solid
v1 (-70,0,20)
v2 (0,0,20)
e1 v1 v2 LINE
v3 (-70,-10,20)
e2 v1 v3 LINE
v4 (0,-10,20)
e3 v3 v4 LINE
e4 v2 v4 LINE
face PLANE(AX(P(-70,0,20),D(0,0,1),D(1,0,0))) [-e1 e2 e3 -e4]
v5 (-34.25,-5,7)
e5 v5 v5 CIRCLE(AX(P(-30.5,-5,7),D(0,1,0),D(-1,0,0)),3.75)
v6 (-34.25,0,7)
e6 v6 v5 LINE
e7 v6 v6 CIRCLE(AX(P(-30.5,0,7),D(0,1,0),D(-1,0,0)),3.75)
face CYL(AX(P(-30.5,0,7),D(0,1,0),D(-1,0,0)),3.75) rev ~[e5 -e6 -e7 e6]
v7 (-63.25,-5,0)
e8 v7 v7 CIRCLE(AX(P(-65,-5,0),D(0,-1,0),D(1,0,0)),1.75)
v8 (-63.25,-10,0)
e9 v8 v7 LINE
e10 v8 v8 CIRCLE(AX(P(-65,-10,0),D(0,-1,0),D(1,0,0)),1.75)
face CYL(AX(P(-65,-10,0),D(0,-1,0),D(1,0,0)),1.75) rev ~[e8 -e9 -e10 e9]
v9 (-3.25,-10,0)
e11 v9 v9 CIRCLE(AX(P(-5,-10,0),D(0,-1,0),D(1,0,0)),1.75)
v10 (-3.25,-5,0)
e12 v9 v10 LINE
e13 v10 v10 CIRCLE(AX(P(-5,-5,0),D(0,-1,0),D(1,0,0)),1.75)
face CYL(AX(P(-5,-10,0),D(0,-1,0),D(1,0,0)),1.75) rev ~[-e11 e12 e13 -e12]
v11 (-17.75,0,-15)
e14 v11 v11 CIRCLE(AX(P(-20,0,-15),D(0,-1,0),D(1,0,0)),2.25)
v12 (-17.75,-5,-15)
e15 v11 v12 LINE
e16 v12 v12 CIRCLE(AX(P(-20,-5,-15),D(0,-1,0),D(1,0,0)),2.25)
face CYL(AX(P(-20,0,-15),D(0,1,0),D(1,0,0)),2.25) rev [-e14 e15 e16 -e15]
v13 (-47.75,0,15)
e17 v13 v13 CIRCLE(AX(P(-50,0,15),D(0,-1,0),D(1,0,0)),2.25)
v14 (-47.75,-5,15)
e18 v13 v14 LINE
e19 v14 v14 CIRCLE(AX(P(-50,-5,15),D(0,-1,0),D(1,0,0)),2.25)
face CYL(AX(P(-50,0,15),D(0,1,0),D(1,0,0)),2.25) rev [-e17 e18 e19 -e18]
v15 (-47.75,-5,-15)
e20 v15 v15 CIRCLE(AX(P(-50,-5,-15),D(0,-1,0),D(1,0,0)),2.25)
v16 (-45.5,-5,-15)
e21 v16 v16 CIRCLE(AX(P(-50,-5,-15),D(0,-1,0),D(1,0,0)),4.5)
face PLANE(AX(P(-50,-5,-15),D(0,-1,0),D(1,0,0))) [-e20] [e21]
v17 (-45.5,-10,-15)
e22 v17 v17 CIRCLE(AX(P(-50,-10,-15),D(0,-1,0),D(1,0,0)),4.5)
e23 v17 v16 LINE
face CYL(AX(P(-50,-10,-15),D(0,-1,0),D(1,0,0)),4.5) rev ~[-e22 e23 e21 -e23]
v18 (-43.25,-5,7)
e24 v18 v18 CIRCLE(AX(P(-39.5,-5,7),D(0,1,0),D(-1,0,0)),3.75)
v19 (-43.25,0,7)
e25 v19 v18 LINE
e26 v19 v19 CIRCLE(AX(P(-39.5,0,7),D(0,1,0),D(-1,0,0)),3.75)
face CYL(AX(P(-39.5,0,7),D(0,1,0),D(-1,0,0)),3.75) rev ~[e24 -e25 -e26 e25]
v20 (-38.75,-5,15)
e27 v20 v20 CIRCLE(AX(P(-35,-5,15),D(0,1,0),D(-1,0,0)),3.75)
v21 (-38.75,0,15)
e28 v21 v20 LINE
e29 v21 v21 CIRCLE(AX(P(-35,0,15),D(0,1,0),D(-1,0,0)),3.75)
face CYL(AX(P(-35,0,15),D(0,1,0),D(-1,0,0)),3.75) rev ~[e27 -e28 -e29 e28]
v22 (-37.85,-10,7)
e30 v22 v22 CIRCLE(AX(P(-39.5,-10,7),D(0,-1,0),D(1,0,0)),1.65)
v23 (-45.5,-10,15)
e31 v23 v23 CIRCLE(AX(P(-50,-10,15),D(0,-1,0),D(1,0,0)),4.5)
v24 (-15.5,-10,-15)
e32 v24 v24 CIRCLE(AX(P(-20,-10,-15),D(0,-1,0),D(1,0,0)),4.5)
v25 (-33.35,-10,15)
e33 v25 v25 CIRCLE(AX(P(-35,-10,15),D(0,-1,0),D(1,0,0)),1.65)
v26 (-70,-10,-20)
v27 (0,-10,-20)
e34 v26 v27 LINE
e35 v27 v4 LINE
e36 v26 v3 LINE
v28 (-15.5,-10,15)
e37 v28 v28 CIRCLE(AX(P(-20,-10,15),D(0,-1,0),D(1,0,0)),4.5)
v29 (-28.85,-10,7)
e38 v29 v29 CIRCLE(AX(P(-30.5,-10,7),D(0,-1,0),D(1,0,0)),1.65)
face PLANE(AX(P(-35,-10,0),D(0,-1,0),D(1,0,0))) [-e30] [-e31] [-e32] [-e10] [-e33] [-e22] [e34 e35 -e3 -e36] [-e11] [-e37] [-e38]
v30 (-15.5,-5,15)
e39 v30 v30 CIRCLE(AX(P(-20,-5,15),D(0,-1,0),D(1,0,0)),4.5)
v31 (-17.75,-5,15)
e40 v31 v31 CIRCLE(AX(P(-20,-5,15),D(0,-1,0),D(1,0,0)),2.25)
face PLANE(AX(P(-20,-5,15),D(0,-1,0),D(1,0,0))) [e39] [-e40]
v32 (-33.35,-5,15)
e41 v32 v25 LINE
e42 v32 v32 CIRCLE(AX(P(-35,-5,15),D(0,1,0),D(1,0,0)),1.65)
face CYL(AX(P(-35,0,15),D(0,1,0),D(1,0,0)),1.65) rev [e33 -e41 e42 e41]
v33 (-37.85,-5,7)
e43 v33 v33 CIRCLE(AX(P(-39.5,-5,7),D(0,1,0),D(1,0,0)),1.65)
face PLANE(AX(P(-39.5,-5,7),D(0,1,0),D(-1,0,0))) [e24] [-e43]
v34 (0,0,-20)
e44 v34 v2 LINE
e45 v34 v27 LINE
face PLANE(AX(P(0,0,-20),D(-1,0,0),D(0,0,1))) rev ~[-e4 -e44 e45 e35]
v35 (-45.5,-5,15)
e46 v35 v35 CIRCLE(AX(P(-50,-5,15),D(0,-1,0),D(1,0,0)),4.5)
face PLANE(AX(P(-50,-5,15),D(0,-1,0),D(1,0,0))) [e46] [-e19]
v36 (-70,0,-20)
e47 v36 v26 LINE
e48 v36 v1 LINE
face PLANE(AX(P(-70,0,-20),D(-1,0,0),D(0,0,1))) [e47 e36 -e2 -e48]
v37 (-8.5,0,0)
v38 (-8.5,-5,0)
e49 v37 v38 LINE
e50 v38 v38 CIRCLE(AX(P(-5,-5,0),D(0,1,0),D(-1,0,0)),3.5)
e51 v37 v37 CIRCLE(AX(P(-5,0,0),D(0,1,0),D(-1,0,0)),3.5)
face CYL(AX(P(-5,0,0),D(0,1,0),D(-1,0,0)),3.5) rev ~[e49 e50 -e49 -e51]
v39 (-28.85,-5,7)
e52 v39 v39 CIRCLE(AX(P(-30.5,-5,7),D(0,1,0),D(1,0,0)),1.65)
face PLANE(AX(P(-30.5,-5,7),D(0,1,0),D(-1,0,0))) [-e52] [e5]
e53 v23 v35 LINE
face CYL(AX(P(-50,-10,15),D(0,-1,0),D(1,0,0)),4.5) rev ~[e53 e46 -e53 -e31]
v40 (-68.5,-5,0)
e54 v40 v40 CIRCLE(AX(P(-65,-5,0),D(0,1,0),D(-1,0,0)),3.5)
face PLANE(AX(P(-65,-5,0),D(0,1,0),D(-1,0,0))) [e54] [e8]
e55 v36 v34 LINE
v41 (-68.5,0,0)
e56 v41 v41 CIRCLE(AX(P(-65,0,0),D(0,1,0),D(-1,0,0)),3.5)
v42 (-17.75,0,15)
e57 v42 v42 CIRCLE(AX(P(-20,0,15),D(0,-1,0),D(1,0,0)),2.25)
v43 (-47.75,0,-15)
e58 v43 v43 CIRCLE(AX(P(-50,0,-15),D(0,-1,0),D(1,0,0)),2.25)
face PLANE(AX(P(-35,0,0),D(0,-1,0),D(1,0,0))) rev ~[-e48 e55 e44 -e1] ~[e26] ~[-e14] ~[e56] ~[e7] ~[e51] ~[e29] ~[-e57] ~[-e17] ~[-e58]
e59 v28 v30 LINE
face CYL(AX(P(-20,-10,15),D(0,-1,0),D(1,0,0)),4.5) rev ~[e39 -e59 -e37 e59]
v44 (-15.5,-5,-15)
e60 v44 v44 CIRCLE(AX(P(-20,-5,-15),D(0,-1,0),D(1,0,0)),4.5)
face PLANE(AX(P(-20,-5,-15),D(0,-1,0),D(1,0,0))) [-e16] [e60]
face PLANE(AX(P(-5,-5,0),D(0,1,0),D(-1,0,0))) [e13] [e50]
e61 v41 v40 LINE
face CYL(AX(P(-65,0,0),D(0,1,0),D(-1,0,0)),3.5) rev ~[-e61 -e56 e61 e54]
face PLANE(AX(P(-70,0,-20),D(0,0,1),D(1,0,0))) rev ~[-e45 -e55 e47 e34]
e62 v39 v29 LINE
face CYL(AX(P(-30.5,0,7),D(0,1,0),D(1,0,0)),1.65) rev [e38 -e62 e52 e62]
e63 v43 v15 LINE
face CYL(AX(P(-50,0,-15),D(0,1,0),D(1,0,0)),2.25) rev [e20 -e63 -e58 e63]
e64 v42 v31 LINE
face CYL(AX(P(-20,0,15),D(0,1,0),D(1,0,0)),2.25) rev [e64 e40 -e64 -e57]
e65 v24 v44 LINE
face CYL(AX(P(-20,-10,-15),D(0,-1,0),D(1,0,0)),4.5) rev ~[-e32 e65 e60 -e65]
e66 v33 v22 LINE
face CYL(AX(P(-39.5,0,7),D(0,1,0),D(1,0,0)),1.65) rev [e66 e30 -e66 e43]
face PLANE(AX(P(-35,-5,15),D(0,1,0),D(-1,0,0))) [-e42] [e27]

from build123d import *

# Parameters (mm, degrees)
F0_W     = 70
F0_H     = 40
F0_R     = 2.25
F0_R_2   = 1.65
F1_DEPTH = 10
F2_R     = 2.25
F2_R_2   = 4.5
F3_DEPTH = 5
F4_R     = 3.75
F5_DEPTH = 5
F6_R     = 1.75
F7_DEPTH = 25
F8_R     = 3.5
F9_DEPTH = 5


with BuildPart() as f1:
    # F0 (on Front) → F1 (new body)
    with BuildSketch(Plane.XZ):
        with Locations((-35, 0)):
            Rectangle(F0_W, F0_H)
        with Locations((-50, -15)):
            Circle(F0_R, mode=Mode.SUBTRACT)
        with Locations((-20, -15)):
            Circle(F0_R, mode=Mode.SUBTRACT)
        with Locations((-39.5, 7)):
            Circle(F0_R_2, mode=Mode.SUBTRACT)
        with Locations((-50, 15)):
            Circle(F0_R, mode=Mode.SUBTRACT)
        with Locations((-30.5, 7)):
            Circle(F0_R_2, mode=Mode.SUBTRACT)
        with Locations((-35, 15)):
            Circle(F0_R_2, mode=Mode.SUBTRACT)
        with Locations((-20, 15)):
            Circle(F0_R, mode=Mode.SUBTRACT)
    extrude(amount=F1_DEPTH)

    # F2 (on face) → F3 (cut)
    with BuildSketch(Plane.XZ.offset(10)):
        with Locations((-50, 15)):
            Circle(F2_R)
        with Locations((-20, 15)):
            Circle(F2_R)
        with Locations((-20, -15)):
            Circle(F2_R)
        with Locations((-50, -15)):
            Circle(F2_R)
        with Locations((-20, 15)):
            Circle(F2_R_2)
        with Locations((-20, 15)):
            Circle(F2_R, mode=Mode.SUBTRACT)
        with Locations((-20, -15)):
            Circle(F2_R_2)
        with Locations((-20, -15)):
            Circle(F2_R, mode=Mode.SUBTRACT)
        with Locations((-50, -15)):
            Circle(F2_R_2)
        with Locations((-50, -15)):
            Circle(F2_R, mode=Mode.SUBTRACT)
        with Locations((-50, 15)):
            Circle(F2_R_2)
        with Locations((-50, 15)):
            Circle(F2_R, mode=Mode.SUBTRACT)
    extrude(amount=-F3_DEPTH, mode=Mode.SUBTRACT)

    # F4 (on face) → F5 (cut)
    with BuildSketch(Plane(origin=(0, 0, 0), x_dir=(-1, 0, 0), z_dir=(0, 1, 0))):
        with Locations((35, 15)):
            Circle(F4_R)
        with Locations((30.5, 7)):
            Circle(F4_R)
        with Locations((39.5, 7)):
            Circle(F4_R)
    extrude(amount=-F5_DEPTH, mode=Mode.SUBTRACT)

    # F6 (on face) → F7 (cut)
    with BuildSketch(Plane.XZ.offset(10)):
        with Locations((-65, 0)):
            Circle(F6_R)
        with Locations((-5, 0)):
            Circle(F6_R)
    extrude(amount=-F7_DEPTH, mode=Mode.SUBTRACT)

    # F8 (on face) → F9 (cut)
    with BuildSketch(Plane(origin=(0, 0, 0), x_dir=(-1, 0, 0), z_dir=(0, 1, 0))):
        with Locations((5, 0)):
            Circle(F8_R)
        with Locations((65, 0)):
            Circle(F8_R)
    extrude(amount=-F9_DEPTH, mode=Mode.SUBTRACT)


solid = f1.part
